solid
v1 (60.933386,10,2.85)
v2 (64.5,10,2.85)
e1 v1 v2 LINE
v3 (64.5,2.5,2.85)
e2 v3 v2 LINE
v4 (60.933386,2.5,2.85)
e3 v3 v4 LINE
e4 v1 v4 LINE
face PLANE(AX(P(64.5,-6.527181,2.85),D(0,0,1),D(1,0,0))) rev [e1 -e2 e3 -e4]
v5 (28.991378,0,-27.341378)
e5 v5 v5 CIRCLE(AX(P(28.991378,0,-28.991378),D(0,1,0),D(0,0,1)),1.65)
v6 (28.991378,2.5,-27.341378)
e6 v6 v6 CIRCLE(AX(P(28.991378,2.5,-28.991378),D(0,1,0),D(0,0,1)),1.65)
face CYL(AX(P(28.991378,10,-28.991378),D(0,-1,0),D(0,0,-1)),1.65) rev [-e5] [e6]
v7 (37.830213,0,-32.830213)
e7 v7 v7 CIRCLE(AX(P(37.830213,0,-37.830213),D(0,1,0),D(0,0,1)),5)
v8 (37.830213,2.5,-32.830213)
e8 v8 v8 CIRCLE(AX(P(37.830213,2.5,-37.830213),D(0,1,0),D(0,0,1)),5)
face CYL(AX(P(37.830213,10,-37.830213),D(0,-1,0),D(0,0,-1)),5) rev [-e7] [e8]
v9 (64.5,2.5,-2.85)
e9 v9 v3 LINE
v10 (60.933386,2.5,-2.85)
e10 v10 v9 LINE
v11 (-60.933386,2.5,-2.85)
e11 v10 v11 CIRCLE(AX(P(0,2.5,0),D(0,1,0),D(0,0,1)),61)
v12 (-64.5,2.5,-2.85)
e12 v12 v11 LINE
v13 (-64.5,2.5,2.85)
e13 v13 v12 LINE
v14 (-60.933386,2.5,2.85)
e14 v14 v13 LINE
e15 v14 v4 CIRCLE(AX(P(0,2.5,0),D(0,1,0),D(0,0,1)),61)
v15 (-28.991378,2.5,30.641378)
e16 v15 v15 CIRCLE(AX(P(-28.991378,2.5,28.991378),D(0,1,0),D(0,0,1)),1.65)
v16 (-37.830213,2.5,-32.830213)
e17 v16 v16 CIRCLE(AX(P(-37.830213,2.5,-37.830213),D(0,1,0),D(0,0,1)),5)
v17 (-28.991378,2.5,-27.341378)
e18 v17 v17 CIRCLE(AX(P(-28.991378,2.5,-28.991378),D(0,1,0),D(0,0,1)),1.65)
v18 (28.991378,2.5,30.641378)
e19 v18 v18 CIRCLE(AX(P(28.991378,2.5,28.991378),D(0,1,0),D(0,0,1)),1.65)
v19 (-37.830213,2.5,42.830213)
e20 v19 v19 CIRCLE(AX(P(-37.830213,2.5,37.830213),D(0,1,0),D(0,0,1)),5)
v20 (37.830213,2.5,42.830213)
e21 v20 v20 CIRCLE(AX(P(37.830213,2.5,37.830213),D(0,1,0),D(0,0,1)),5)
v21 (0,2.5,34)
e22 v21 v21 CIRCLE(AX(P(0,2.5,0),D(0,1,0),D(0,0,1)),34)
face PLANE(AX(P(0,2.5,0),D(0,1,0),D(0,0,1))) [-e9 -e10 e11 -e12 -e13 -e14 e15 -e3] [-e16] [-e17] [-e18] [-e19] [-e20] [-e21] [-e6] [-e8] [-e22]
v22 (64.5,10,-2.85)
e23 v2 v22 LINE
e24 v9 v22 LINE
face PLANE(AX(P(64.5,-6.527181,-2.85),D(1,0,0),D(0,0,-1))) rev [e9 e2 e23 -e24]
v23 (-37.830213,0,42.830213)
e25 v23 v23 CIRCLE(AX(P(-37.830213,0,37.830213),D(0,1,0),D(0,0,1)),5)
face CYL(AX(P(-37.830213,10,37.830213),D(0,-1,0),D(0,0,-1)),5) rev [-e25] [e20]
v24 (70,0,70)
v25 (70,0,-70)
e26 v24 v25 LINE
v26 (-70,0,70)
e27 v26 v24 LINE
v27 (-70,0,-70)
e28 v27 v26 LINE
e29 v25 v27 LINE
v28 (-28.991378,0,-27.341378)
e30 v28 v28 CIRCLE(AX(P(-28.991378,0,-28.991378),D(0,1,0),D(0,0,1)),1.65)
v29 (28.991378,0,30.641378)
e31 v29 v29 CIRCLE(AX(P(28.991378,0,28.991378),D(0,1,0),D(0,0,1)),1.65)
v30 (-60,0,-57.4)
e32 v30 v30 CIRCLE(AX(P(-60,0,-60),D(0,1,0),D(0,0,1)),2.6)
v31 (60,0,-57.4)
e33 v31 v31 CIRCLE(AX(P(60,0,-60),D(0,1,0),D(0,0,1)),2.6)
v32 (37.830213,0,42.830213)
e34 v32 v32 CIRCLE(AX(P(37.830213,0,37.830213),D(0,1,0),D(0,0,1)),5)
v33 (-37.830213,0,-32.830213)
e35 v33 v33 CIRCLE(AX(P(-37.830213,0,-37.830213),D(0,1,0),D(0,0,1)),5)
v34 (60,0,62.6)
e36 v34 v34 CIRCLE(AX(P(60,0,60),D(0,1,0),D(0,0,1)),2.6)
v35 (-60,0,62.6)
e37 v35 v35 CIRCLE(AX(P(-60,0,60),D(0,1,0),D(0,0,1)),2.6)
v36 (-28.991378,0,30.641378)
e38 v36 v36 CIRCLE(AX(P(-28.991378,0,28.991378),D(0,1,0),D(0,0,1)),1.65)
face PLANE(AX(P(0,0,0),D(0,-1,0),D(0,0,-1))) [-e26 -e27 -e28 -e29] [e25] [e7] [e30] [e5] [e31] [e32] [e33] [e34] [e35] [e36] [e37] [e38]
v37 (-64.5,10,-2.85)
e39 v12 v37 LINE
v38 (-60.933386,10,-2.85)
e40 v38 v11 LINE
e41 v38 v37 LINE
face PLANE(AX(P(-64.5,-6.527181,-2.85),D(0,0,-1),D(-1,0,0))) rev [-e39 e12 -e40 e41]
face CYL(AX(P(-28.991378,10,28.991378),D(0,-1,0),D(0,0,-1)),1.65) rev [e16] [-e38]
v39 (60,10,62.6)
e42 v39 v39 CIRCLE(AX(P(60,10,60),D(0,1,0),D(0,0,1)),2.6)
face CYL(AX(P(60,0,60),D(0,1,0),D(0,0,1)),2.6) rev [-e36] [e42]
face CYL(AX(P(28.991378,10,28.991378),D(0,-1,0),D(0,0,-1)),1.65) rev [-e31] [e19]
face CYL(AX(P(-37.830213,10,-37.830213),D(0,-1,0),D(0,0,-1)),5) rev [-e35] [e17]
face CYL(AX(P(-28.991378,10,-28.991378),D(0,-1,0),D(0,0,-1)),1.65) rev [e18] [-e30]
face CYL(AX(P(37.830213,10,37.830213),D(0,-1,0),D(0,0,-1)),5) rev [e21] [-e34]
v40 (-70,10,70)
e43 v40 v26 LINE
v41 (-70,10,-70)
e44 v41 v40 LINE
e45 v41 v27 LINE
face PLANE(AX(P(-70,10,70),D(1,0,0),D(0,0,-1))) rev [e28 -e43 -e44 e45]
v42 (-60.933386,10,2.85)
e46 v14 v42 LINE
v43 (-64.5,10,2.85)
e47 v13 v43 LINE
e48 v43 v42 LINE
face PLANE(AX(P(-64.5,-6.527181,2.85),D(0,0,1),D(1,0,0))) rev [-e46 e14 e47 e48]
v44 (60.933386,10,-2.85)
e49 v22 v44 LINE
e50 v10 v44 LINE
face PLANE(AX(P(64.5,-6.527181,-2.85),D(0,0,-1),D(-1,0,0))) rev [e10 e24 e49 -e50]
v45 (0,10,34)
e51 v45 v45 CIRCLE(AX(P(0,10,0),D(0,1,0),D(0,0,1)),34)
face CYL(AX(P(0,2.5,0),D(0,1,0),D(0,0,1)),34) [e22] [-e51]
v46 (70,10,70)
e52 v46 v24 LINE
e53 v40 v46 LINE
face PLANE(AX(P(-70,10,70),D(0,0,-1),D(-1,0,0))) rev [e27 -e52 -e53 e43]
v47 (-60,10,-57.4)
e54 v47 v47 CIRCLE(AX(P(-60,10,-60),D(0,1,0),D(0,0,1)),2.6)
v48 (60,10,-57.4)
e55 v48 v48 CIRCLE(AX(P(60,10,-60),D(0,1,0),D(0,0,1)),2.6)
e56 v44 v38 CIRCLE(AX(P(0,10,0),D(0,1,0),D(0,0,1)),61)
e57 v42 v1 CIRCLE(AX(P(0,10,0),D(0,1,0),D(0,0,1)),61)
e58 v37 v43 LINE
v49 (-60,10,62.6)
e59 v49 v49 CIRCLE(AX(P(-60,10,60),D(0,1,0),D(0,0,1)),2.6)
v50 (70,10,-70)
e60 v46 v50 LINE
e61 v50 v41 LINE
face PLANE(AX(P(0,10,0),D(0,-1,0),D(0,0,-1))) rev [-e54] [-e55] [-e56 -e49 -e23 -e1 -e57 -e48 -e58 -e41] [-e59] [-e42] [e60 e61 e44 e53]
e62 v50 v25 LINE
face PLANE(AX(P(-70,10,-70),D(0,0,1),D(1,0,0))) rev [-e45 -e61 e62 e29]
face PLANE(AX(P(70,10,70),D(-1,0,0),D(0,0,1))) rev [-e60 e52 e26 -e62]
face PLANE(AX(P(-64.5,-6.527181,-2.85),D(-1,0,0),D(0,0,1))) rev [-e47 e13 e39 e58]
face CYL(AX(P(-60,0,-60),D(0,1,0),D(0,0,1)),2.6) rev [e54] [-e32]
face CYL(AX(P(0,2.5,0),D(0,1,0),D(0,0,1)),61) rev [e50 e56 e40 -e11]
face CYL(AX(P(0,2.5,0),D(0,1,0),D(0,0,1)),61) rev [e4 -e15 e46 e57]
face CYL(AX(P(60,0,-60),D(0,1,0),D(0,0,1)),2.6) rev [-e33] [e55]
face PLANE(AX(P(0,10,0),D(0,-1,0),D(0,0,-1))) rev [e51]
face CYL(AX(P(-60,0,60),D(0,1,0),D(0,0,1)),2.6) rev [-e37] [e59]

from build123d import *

# Parameters (mm, degrees)
SKETCH_1_W          = 140
SKETCH_1_H          = 140
SKETCH_1_R          = 5
SKETCH_1_R_2        = 1.65
EXTRUDE_1_DEPTH     = 10
SKETCH_2_R          = 2.6
CUT_EXTRUDE_1_DEPTH = 100.498743711
SKETCH_3_R          = 61
SKETCH_3_R_2        = 46
CUT_EXTRUDE_2_DEPTH = 7.5
SKETCH_4_R          = 46
SKETCH_4_R_2        = 34
CUT_EXTRUDE_3_DEPTH = 7.5
SKETCH_5_W          = 7
SKETCH_5_H          = 5.7
CUT_EXTRUDE_4_DEPTH = 7.5


with BuildPart() as part:
    # 草图1 → 凸台-拉伸1 (new body)
    with BuildSketch(Plane(origin=(0, 0, 0), x_dir=(1, 0, 0), z_dir=(0, 1, 0))):
        Rectangle(SKETCH_1_W, SKETCH_1_H)
        with Locations(Location((-37.830212793, 37.830212793, 0), (0, 0, 270))):
            Circle(SKETCH_1_R, mode=Mode.SUBTRACT)
        with Locations(Location((-28.991378029, 28.991378029, 0), (0, 0, 270))):
            Circle(SKETCH_1_R_2, mode=Mode.SUBTRACT)
        with Locations(Location((28.991378029, 28.991378029, 0), (0, 0, 270))):
            Circle(SKETCH_1_R_2, mode=Mode.SUBTRACT)
        with Locations(Location((37.830212793, 37.830212793, 0), (0, 0, 270))):
            Circle(SKETCH_1_R, mode=Mode.SUBTRACT)
        with Locations(Location((28.991378029, -28.991378029, 0), (0, 0, 270))):
            Circle(SKETCH_1_R_2, mode=Mode.SUBTRACT)
        with Locations(Location((37.830212793, -37.830212793, 0), (0, 0, 270))):
            Circle(SKETCH_1_R, mode=Mode.SUBTRACT)
        with Locations(Location((-28.991378029, -28.991378029, 0), (0, 0, 270))):
            Circle(SKETCH_1_R_2, mode=Mode.SUBTRACT)
        with Locations(Location((-37.830212793, -37.830212793, 0), (0, 0, 270))):
            Circle(SKETCH_1_R, mode=Mode.SUBTRACT)
    extrude(amount=EXTRUDE_1_DEPTH)

    # 草图2 → 切除-拉伸1 (cut, through all)
    with BuildSketch(Plane(origin=(0, 10, 0), x_dir=(1, 0, 0), z_dir=(0, 1, 0))):
        with Locations(Location((-60, 60, 0), (0, 0, 270))):
            Circle(SKETCH_2_R)
        with Locations(Location((60, 60, 0), (0, 0, 270))):
            Circle(SKETCH_2_R)
        with Locations(Location((60, -60, 0), (0, 0, 270))):
            Circle(SKETCH_2_R)
        with Locations(Location((-60, -60, 0), (0, 0, 270))):
            Circle(SKETCH_2_R)
    extrude(amount=-CUT_EXTRUDE_1_DEPTH, mode=Mode.SUBTRACT)

    # 草图3 → 切除-拉伸2 (cut)
    with BuildSketch(Plane(origin=(0, 10, 0), x_dir=(1, 0, 0), z_dir=(0, 1, 0))):
        with Locations(Location((0, 0, 0), (0, 0, 270))):
            Circle(SKETCH_3_R)
        with Locations(Location((0, 0, 0), (0, 0, 270))):
            Circle(SKETCH_3_R_2, mode=Mode.SUBTRACT)
    extrude(amount=-CUT_EXTRUDE_2_DEPTH, mode=Mode.SUBTRACT)

    # 草图4 → 切除-拉伸3 (cut)
    with BuildSketch(Plane(origin=(0, 10, 0), x_dir=(1, 0, 0), z_dir=(0, 1, 0))):
        Circle(SKETCH_4_R)
        with Locations(Location((0, 0, 0), (0, 0, 270))):
            Circle(SKETCH_4_R_2, mode=Mode.SUBTRACT)
    extrude(amount=-CUT_EXTRUDE_3_DEPTH, mode=Mode.SUBTRACT)

    # 草图5 → 切除-拉伸4 (cut)
    with BuildSketch(Plane(origin=(0, 10, 0), x_dir=(1, 0, 0), z_dir=(0, 1, 0))):
        with Locations((-61, 0)):
            Rectangle(SKETCH_5_W, SKETCH_5_H)
        with Locations((61, 0)):
            Rectangle(SKETCH_5_W, SKETCH_5_H)
    extrude(amount=-CUT_EXTRUDE_4_DEPTH, mode=Mode.SUBTRACT)


solid = part.part
